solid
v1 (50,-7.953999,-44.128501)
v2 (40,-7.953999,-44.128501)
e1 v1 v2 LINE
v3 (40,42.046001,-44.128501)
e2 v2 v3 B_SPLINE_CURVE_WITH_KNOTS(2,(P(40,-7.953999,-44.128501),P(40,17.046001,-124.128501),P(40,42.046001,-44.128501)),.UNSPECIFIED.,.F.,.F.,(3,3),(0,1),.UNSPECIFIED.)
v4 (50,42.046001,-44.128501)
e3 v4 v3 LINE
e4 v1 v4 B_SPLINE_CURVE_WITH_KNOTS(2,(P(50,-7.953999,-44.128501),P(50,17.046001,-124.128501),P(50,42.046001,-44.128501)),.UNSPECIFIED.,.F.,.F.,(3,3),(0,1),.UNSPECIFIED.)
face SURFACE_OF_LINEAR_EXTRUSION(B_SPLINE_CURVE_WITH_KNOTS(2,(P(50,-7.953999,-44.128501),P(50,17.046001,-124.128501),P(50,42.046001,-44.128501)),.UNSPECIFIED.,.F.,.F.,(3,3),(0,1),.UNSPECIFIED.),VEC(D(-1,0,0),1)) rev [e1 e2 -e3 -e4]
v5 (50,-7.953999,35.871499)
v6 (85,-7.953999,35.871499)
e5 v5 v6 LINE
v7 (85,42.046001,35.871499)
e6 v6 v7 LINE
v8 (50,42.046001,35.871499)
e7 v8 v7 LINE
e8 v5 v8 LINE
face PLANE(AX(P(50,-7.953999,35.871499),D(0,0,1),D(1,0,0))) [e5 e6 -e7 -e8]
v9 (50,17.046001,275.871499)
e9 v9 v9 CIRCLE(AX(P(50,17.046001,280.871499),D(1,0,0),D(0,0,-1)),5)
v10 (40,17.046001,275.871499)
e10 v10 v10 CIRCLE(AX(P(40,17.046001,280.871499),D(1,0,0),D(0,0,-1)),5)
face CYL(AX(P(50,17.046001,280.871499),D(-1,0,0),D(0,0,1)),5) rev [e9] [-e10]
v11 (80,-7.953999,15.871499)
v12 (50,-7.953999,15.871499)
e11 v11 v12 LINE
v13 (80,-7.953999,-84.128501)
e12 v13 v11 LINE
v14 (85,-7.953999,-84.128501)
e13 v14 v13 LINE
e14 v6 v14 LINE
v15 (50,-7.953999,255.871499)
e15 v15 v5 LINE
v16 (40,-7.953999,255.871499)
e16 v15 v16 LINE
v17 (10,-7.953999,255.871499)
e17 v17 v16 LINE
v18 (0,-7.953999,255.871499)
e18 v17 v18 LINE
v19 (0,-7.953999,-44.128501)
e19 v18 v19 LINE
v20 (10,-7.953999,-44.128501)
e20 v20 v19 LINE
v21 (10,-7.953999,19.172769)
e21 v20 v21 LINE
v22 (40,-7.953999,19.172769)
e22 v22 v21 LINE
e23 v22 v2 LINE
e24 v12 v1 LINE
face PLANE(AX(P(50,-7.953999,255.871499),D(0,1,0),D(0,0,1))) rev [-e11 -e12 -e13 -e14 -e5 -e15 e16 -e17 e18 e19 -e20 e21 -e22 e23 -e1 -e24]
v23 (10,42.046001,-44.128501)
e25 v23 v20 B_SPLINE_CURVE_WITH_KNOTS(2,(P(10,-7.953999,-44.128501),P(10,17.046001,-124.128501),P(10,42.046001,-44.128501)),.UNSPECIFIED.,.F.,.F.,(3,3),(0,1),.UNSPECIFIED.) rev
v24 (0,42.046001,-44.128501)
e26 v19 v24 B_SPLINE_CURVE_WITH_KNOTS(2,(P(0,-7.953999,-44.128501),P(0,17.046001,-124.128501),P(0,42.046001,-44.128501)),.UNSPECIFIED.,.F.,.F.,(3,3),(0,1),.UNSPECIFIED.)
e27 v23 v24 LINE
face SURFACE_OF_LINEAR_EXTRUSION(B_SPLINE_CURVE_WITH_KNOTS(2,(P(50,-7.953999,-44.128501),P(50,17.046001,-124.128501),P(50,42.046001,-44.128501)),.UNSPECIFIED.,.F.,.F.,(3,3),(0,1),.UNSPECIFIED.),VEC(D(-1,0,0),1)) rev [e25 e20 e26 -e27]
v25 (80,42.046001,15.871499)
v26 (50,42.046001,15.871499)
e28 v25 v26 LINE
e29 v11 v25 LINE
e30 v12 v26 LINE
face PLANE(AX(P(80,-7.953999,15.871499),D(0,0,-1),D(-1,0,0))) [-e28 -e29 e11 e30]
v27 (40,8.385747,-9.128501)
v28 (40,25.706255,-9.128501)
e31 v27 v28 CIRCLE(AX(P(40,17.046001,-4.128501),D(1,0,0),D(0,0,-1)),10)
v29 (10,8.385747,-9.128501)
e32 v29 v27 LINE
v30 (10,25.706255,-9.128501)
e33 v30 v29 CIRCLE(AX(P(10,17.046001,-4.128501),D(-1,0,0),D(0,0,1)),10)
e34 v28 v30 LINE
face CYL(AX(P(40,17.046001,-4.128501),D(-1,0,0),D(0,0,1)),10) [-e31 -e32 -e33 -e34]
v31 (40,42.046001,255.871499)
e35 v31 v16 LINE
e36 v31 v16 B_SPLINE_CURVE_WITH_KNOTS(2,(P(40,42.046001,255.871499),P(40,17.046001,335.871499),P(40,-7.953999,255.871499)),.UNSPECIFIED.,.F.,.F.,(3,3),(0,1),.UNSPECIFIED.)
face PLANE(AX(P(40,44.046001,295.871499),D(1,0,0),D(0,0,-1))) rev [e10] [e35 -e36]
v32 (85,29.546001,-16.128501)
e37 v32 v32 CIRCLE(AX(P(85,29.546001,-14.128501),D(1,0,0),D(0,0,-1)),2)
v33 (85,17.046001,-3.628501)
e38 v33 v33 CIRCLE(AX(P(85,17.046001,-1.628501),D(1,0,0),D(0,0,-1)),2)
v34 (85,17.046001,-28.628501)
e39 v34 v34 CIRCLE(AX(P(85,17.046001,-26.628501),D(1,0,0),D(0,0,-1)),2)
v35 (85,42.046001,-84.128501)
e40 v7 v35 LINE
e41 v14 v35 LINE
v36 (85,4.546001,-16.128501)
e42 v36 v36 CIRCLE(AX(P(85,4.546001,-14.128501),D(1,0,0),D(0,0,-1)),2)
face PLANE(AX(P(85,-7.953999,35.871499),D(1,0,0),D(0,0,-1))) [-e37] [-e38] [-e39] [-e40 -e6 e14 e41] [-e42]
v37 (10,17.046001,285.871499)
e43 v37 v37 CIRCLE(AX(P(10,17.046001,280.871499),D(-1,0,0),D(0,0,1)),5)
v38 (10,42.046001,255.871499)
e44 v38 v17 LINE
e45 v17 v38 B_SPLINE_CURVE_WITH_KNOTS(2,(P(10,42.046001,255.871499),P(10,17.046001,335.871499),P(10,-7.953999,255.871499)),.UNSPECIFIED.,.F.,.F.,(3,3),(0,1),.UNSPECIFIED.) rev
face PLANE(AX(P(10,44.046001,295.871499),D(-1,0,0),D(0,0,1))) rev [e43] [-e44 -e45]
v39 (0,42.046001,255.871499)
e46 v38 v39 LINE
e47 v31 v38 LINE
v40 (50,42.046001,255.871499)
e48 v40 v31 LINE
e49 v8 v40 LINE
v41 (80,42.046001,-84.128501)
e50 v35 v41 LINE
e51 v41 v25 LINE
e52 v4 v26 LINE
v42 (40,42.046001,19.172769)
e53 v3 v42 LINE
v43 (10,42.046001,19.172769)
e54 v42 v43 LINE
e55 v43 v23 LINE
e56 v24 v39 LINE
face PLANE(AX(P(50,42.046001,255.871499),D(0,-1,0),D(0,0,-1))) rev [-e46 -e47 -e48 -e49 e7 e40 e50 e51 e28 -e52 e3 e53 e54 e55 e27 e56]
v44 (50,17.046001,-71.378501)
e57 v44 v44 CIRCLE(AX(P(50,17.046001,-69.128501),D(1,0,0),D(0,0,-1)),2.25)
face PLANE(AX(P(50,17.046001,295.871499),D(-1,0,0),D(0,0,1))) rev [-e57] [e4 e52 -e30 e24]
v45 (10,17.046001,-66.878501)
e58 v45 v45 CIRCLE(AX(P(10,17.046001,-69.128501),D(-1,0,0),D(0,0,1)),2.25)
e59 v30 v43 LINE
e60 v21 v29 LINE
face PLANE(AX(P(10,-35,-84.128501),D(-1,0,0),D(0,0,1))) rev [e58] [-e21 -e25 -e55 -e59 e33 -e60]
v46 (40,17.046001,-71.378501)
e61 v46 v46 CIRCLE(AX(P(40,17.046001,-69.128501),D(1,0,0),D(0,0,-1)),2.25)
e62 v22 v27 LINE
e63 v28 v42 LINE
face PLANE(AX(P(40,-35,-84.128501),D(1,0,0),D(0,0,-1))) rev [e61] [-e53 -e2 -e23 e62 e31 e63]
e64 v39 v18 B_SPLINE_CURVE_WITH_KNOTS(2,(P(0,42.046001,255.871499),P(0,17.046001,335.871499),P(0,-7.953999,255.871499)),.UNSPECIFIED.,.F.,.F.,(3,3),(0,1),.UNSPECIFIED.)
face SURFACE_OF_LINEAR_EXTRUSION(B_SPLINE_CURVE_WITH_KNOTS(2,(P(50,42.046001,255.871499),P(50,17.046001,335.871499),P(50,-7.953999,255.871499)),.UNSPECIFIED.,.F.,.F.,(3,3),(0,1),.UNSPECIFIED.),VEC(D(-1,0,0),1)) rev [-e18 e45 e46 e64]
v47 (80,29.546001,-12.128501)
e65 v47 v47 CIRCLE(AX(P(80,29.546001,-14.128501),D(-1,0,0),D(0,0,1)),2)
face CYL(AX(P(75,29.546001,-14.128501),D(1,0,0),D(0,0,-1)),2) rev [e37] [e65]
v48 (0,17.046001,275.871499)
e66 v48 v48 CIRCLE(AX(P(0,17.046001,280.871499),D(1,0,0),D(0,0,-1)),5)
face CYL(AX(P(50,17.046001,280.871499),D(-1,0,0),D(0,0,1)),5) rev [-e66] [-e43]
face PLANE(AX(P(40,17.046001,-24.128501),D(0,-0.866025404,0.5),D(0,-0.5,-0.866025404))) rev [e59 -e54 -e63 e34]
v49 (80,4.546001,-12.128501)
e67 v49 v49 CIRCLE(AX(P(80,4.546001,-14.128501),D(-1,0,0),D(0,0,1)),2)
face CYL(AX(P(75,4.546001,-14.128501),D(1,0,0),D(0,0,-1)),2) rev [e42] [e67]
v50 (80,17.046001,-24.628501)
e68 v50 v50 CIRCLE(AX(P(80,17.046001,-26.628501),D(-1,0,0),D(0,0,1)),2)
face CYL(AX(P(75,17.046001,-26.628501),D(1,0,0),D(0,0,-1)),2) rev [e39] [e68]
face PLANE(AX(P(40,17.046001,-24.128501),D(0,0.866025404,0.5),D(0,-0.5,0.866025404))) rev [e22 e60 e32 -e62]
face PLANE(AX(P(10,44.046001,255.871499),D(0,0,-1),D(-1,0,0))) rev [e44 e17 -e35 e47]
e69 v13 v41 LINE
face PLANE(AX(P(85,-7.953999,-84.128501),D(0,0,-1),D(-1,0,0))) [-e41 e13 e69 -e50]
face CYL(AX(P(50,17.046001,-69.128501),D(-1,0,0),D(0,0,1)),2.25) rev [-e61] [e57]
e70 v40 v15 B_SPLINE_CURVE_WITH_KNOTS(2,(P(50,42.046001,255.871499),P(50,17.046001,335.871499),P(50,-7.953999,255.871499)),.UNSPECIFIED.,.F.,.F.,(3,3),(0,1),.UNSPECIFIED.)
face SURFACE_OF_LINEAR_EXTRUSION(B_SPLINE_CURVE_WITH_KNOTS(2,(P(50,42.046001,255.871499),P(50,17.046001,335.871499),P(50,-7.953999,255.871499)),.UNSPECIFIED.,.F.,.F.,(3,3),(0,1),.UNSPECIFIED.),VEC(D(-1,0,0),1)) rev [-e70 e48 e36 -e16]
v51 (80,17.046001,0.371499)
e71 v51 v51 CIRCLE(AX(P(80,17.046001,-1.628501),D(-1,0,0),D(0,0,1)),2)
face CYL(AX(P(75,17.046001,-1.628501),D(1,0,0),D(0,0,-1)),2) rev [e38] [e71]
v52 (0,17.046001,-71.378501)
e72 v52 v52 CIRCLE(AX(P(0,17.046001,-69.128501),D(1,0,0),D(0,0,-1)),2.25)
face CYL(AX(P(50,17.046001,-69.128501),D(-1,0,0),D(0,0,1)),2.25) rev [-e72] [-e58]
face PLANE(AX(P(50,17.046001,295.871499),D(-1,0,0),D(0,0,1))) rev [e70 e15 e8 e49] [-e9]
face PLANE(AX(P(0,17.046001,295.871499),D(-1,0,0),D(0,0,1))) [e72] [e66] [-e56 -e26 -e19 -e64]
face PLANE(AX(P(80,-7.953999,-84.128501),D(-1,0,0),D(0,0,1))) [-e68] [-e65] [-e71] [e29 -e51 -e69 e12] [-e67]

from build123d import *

# Parameters (mm, degrees)
SKETCH1_R               = 5
SKETCH1_R_2             = 2.25
BOSS_EXTRUDE1_DEPTH     = 50
CUT_EXTRUDE1_DEPTH      = 52
CUT_EXTRUDE1_DEPTH_BACK = 35
SKETCH2_W               = 30
SKETCH2_H               = 60
SKETCH3_W               = 30
SKETCH3_H               = 40
CUT_EXTRUDE2_DEPTH      = 52
CUT_EXTRUDE3_START      = -10
CUT_EXTRUDE3_DEPTH      = 30
CUT_EXTRUDE4_START      = -10
CUT_EXTRUDE4_DEPTH      = 30
BOSS_EXTRUDE2_DEPTH     = 50
SKETCH8_R               = 2
CUT_EXTRUDE5_DEPTH      = 10
FILLET1_R               = 10


with BuildPart() as part:
    # Sketch1 → Boss-Extrude1 (new body)
    with BuildSketch(Plane(origin=(0, 0, 0), x_dir=(0, 0, -1), z_dir=(1, 0, 0))):
        with BuildLine():
            Line((-255.87149894, 42.046001407), (44.12850106, 42.046001407))
            add(Edge.make_bspline(
                [(44.12850106, 42.046001407), (124.12850106, 17.046001407), (44.12850106, -7.953998593)],
                knots=[0, 0, 0, 1, 1, 1], degree=2))
            Line((44.12850106, -7.953998593), (-255.87149894, -7.953998593))
            add(Edge.make_bspline(
                [(-255.87149894, 42.046001407), (-335.87149894, 17.046001407), (-255.87149894, -7.953998593)],
                knots=[0, 0, 0, 1, 1, 1], degree=2))
        make_face()
        with Locations((-280.87149894, 17.046001407)):
            Circle(SKETCH1_R, mode=Mode.SUBTRACT)
        with Locations((69.12850106, 17.046001407)):
            Circle(SKETCH1_R_2, mode=Mode.SUBTRACT)
    extrude(amount=BOSS_EXTRUDE1_DEPTH)

    # Sketch2 → Cut-Extrude1 (cut, two sides: drawn at the far end of the back side and taken through both)
    with BuildSketch(Plane(origin=(0, 0, 0), x_dir=(1, 0, 0), z_dir=(0, 1, 0)).offset(-CUT_EXTRUDE1_DEPTH_BACK)):
        with Locations((25, 54.12850106)):
            Rectangle(SKETCH2_W, SKETCH2_H)
    extrude(amount=CUT_EXTRUDE1_DEPTH + CUT_EXTRUDE1_DEPTH_BACK, mode=Mode.SUBTRACT)

    # Sketch3 → Cut-Extrude2 (cut)
    with BuildSketch(Plane.XZ.offset(7.953998593)):
        with Locations((25, 275.87149894)):
            Rectangle(SKETCH3_W, SKETCH3_H)
    extrude(amount=-CUT_EXTRUDE2_DEPTH, mode=Mode.SUBTRACT)

    # Sketch4 → Cut-Extrude3 (cut)
    with BuildSketch(Plane.ZY.offset(CUT_EXTRUDE3_START)):
        Polygon((-24.12850106, 17.046001407), (-24.12850106, 42.046001407), (19.172769129, 42.046001407), align=None)
    extrude(amount=-CUT_EXTRUDE3_DEPTH, mode=Mode.SUBTRACT)

    # Sketch5 → Cut-Extrude4 (cut)
    with BuildSketch(Plane.ZY.offset(CUT_EXTRUDE4_START)):
        Polygon((-24.12850106, -7.953998593), (-24.12850106, 17.046001407), (19.172769129, -7.953998593), align=None)
    extrude(amount=-CUT_EXTRUDE4_DEPTH, mode=Mode.SUBTRACT)

    # Sketch6 → Boss-Extrude2 (add)
    with BuildSketch(Plane(origin=(0, 42.046001407, 0), x_dir=(1, 0, 0), z_dir=(0, 1, 0))):
        Polygon((50, -35.87149894), (85, -35.87149894), (85, 84.12850106), (80, 84.12850106), (80, -15.87149894), (50, -15.87149894), align=None)
    extrude(amount=-BOSS_EXTRUDE2_DEPTH)

    # Sketch8 → Cut-Extrude5 (cut)
    with BuildSketch(Plane(origin=(85, 0, 0), x_dir=(0, 0, -1), z_dir=(1, 0, 0))):
        with Locations((14.12850106, 29.546001407)):
            Circle(SKETCH8_R)
        with Locations((26.62850106, 17.046001407)):
            Circle(SKETCH8_R)
        with Locations((14.12850106, 4.546001407)):
            Circle(SKETCH8_R)
        with Locations((1.62850106, 17.046001407)):
            Circle(SKETCH8_R)
    extrude(amount=-CUT_EXTRUDE5_DEPTH, mode=Mode.SUBTRACT)

    # Fillet1
    fillet1_edges = [part.edges().sort_by_distance(p)[0] for p in [
        (25, 17.046001407, -24.12850106),
    ]]
    fillet(fillet1_edges, radius=FILLET1_R)


solid = part.part
